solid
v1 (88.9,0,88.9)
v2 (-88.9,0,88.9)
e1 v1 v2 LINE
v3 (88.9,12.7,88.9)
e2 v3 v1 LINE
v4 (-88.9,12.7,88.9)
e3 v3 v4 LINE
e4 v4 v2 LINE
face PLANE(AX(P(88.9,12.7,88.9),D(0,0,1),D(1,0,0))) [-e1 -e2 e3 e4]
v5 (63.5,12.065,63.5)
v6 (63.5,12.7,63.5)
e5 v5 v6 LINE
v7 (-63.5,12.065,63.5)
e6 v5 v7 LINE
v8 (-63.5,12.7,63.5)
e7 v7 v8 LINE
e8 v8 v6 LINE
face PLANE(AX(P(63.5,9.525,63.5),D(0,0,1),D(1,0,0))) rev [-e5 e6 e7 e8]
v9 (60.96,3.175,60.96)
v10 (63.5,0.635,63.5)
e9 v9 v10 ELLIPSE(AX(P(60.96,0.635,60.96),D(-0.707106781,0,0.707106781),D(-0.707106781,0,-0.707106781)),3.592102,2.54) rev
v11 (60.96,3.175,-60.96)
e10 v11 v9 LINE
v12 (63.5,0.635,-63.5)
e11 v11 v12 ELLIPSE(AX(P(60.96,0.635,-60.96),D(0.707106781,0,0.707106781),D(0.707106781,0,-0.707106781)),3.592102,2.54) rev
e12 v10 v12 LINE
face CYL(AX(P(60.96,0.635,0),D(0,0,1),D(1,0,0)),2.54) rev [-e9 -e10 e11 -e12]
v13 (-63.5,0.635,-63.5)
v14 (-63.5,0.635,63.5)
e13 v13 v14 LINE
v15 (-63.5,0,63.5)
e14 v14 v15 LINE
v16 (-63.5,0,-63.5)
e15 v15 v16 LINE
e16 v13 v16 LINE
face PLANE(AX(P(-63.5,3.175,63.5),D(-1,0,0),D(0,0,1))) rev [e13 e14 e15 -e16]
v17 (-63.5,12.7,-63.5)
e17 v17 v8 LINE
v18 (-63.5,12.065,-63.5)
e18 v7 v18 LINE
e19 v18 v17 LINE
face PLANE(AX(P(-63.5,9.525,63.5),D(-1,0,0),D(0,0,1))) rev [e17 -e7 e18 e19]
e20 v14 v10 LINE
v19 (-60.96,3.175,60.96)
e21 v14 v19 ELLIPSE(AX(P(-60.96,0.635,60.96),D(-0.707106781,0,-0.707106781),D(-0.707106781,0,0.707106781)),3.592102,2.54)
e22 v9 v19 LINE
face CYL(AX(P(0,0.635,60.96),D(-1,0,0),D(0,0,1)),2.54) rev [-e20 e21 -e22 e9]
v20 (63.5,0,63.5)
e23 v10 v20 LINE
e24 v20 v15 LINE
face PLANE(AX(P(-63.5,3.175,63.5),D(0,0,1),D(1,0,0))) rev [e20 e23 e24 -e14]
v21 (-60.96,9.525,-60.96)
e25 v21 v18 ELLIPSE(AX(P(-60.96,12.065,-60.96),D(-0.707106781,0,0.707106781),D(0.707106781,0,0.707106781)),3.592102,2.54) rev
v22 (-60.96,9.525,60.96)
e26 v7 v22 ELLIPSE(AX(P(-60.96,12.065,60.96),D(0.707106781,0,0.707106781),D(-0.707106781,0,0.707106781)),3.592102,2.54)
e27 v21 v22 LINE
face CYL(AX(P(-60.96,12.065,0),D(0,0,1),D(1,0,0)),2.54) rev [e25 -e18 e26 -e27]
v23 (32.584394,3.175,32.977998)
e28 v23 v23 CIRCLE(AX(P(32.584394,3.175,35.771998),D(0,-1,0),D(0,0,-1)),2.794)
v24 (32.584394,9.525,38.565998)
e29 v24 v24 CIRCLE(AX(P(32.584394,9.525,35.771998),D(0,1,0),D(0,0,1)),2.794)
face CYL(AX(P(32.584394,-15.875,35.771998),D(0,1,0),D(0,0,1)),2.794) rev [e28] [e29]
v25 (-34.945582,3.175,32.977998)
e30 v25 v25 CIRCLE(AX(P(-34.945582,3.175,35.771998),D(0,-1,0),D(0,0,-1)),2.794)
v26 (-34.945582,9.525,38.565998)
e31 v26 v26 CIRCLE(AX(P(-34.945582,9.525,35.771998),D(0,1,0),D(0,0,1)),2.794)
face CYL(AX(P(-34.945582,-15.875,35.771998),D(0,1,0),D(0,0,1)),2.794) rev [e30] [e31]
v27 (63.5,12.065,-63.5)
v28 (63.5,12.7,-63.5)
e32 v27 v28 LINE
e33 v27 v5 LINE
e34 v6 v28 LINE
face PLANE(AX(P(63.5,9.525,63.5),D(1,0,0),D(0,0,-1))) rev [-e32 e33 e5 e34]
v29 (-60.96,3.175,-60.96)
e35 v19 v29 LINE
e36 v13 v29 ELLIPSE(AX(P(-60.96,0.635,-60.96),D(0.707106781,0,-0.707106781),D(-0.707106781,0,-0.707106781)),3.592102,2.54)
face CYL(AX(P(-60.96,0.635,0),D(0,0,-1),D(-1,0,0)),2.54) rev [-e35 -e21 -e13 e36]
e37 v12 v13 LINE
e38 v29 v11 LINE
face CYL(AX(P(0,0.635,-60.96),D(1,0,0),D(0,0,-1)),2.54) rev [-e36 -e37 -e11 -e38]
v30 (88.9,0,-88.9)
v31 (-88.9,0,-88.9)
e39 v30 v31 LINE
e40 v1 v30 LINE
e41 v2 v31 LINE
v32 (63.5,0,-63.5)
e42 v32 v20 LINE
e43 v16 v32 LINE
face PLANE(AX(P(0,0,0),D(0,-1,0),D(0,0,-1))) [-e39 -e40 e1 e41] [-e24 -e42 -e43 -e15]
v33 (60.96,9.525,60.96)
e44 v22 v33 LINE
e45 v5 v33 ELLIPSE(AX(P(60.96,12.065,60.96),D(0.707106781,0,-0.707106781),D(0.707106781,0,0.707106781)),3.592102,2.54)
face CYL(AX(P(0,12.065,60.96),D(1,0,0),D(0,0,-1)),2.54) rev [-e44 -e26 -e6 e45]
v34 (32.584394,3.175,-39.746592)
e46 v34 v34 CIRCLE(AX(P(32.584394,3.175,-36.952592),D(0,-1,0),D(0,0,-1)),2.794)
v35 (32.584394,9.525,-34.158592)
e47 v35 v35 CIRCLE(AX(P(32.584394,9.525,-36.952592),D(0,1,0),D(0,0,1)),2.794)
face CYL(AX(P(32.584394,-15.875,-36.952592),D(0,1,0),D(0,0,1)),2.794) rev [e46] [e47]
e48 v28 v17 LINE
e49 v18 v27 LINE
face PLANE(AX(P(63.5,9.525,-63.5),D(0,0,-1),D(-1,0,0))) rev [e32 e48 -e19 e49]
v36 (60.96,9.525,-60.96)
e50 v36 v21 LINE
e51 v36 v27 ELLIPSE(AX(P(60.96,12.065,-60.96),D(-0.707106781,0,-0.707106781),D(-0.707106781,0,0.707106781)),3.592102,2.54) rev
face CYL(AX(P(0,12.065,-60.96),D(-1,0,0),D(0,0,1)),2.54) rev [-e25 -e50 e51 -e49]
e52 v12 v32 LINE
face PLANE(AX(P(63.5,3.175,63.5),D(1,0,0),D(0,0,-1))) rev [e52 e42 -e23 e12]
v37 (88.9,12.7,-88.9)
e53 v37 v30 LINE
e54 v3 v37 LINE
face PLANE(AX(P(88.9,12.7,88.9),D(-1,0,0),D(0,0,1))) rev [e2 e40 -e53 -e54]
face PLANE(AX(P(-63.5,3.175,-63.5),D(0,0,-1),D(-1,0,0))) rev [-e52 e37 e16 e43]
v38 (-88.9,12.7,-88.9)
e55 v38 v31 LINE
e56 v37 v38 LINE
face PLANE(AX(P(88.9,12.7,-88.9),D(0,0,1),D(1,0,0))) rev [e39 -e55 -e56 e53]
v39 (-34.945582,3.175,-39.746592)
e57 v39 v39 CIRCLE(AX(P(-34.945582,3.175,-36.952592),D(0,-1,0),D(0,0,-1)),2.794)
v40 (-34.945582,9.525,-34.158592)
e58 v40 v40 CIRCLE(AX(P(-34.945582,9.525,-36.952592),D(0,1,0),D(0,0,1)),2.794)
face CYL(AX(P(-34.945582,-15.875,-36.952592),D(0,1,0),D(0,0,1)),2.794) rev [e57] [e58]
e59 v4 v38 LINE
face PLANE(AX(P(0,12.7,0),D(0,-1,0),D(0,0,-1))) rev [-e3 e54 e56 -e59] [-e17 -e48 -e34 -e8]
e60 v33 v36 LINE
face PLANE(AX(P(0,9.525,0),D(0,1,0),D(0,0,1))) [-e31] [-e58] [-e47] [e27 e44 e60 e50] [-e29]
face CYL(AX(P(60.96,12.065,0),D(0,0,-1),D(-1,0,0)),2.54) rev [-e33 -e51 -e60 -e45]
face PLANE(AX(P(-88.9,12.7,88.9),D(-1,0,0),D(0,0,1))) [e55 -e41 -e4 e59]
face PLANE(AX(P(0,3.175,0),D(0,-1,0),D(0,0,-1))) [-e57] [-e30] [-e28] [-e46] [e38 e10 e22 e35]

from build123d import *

# Parameters (mm, degrees)
SKETCH10_W          = 177.8
SKETCH10_H          = 177.8
BOSS_EXTRUDE4_DEPTH = 12.7
SKETCH12_W          = 127
SKETCH12_H          = 127
BOSS_EXTRUDE5_DEPTH = 3.175
SKETCH13_W          = 127
SKETCH13_H          = 127
CUT_EXTRUDE1_DEPTH  = 3.175
SKETCH14_W          = 127
SKETCH14_H          = 127
CUT_EXTRUDE2_DEPTH  = 3.175
FILLET4_R           = 2.54
SKETCH16_R          = 2.794
CUT_EXTRUDE3_DEPTH  = 25.4


with BuildPart() as part:
    # Sketch10 → Boss-Extrude4 (new body)
    with BuildSketch(Plane(origin=(0, 0, 0), x_dir=(1, 0, 0), z_dir=(0, 1, 0))):
        Rectangle(SKETCH10_W, SKETCH10_H)
    extrude(amount=BOSS_EXTRUDE4_DEPTH)

    # Sketch12 → Boss-Extrude5 (add)
    with BuildSketch(Plane(origin=(0, 12.7, 0), x_dir=(1, 0, 0), z_dir=(0, 1, 0))):
        Rectangle(SKETCH12_W, SKETCH12_H)
    extrude(amount=-BOSS_EXTRUDE5_DEPTH)

    # Sketch13 → Cut-Extrude1 (cut)
    with BuildSketch(Plane(origin=(0, 12.7, 0), x_dir=(1, 0, 0), z_dir=(0, 1, 0))):
        Rectangle(SKETCH13_W, SKETCH13_H)
    extrude(amount=-CUT_EXTRUDE1_DEPTH, mode=Mode.SUBTRACT)

    # Sketch14 → Cut-Extrude2 (cut)
    with BuildSketch(Plane(origin=(0, 0, 0), x_dir=(-1, 0, 0), z_dir=(0, -1, 0))):
        Rectangle(SKETCH14_W, SKETCH14_H)
    extrude(amount=-CUT_EXTRUDE2_DEPTH, mode=Mode.SUBTRACT)

    # Fillet4
    fillet4_edges = [part.edges().sort_by_distance(p)[0] for p in [
        (-63.5, 9.525, 0),
        (0, 9.525, -63.5),
        (63.5, 9.525, 0),
        (0, 9.525, 63.5),
        (63.5, 3.175, 0),
        (0, 3.175, -63.5),
        (-63.5, 3.175, 0),
        (0, 3.175, 63.5),
    ]]
    fillet(fillet4_edges, radius=FILLET4_R)

    # Sketch16 → Cut-Extrude3 (cut)
    with BuildSketch(Plane(origin=(0, 9.525, 0), x_dir=(1, 0, 0), z_dir=(0, 1, 0))):
        with Locations(Location((-34.945581996, 36.952591773, 0), (0, 0, 270))):
            Circle(SKETCH16_R)
        with Locations(Location((32.584394023, 36.952591773, 0), (0, 0, 270))):
            Circle(SKETCH16_R)
        with Locations(Location((-34.945581996, -35.771997786, 0), (0, 0, 270))):
            Circle(SKETCH16_R)
        with Locations(Location((32.584394023, -35.771997786, 0), (0, 0, 270))):
            Circle(SKETCH16_R)
    extrude(amount=-CUT_EXTRUDE3_DEPTH, mode=Mode.SUBTRACT)


solid = part.part
